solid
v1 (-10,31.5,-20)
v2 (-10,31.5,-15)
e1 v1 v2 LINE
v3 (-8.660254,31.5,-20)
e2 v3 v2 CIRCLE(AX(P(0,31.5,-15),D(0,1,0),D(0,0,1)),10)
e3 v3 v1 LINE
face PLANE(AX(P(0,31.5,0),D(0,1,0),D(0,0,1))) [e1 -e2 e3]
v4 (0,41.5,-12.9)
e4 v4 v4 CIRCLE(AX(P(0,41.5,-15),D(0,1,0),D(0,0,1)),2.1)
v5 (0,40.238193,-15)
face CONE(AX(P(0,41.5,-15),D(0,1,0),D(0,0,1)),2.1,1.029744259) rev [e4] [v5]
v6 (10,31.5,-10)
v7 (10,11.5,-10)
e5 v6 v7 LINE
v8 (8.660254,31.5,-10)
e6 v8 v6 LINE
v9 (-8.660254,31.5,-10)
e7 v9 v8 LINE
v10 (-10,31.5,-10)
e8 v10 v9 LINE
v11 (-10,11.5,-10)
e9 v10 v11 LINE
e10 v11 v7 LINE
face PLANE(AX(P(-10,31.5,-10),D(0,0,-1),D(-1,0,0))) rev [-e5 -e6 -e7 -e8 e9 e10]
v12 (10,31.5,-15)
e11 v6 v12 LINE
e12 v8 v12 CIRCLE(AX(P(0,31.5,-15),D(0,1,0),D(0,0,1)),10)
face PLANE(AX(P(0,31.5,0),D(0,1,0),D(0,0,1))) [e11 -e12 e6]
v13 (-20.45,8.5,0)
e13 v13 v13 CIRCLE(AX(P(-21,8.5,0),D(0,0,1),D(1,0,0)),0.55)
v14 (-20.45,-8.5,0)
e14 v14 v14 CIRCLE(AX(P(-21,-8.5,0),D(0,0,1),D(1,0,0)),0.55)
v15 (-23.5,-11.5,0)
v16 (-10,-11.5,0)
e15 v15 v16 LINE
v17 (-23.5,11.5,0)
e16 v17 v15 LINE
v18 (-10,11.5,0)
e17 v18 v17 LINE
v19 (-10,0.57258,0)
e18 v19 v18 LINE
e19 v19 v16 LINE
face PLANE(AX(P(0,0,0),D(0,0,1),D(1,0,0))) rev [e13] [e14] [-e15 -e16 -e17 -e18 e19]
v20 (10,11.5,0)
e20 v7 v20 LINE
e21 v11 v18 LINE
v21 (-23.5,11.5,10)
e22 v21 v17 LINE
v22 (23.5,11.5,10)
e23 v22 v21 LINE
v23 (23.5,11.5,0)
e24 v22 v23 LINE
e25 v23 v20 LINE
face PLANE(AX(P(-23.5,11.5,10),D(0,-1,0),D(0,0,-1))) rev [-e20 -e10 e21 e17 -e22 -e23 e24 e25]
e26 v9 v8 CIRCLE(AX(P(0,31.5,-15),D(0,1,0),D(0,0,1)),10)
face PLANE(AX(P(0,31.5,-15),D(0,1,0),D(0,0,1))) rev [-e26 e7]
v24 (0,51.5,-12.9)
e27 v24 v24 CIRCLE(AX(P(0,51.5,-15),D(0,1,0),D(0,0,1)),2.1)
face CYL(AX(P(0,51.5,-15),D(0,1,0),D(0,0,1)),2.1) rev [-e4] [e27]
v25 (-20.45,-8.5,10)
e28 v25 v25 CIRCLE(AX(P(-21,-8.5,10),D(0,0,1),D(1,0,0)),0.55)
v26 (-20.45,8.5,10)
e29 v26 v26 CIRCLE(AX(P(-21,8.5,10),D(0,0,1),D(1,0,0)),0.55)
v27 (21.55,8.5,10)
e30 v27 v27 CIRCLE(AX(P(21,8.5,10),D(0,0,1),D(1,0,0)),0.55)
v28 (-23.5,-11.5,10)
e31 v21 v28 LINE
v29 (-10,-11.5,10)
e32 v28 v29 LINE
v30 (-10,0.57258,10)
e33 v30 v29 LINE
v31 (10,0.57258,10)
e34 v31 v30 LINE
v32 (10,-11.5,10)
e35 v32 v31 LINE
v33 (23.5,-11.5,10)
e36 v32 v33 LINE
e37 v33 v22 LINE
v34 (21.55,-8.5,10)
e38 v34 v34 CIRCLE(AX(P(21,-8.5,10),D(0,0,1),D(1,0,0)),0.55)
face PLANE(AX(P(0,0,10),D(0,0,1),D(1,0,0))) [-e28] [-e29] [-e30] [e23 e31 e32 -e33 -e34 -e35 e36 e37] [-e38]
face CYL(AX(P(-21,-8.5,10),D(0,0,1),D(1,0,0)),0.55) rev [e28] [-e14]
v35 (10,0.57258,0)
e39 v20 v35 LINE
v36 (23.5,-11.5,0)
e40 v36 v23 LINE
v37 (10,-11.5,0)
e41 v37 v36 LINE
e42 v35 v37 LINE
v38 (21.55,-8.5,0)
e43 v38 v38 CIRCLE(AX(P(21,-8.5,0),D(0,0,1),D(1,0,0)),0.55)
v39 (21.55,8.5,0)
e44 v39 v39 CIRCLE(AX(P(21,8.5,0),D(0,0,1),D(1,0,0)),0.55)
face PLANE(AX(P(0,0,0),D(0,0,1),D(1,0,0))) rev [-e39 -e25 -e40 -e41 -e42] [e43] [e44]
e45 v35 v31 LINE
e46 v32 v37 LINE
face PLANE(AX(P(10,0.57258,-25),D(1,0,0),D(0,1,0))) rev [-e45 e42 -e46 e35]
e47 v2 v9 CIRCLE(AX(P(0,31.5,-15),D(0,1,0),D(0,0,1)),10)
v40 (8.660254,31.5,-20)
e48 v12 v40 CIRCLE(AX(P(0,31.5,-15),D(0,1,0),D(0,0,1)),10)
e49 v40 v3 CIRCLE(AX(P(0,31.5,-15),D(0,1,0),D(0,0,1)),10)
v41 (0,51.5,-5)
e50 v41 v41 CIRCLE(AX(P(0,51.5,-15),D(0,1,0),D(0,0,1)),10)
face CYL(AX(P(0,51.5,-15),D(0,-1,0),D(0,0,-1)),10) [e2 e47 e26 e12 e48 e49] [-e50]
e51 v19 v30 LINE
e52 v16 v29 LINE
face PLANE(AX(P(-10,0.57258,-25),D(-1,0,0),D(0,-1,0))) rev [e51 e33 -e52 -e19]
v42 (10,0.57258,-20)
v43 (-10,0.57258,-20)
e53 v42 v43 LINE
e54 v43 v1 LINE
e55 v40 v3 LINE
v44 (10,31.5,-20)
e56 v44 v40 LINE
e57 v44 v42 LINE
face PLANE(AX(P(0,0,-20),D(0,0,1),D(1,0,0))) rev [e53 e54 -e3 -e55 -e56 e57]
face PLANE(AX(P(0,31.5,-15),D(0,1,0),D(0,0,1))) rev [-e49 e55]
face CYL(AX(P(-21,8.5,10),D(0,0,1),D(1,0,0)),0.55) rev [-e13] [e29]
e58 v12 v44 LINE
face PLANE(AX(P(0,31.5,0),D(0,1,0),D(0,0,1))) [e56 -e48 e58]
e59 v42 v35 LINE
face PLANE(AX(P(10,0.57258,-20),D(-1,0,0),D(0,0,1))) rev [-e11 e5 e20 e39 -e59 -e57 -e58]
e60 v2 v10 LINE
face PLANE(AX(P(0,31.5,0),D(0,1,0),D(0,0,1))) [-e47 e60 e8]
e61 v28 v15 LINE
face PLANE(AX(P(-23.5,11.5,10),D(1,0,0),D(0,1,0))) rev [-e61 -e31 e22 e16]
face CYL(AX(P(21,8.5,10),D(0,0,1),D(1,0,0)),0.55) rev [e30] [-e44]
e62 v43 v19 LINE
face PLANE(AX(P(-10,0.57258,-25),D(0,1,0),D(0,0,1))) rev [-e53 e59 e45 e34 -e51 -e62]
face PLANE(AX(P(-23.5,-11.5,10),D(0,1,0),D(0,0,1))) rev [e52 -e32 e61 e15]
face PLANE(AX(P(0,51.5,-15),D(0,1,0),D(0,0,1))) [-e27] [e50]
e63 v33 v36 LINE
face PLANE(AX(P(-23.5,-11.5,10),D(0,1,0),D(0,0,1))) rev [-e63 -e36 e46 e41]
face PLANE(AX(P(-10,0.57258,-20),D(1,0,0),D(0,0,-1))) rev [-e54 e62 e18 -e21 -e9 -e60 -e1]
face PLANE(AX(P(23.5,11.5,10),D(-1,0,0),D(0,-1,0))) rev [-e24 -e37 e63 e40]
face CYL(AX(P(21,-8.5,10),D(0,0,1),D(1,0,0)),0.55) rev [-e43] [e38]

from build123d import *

# Parameters (mm, degrees)
ESQUISSE1_W               = 47
ESQUISSE1_H               = 23
BOSS_EXTRU_1_DEPTH        = 10
TROU_TARAUD_M1_4X0_32_D   = 1.1
ESQUISSE5_W               = 20
ESQUISSE5_H               = 15
ENL_V_MAT_EXTRU_1_DEPTH   = 10
ESQUISSE6_W               = 20
ESQUISSE6_H               = 10.927419914
BOSS_EXTRU_2_DEPTH        = 20
ESQUISSE9_W               = 20
ESQUISSE9_H               = 10
BOSS_EXTRU_5_DEPTH        = 20
ESQUISSE10_R              = 10
BOSS_EXTRU_6_DEPTH        = 20
TROU_TARAUD_M5X0_81_D     = 4.2
TROU_TARAUD_M5X0_81_DEPTH = 10
TROU_TARAUD_M5X0_81_TIP   = 1.2618073


with BuildPart() as part:
    # Esquisse1 → Boss.-Extru.1 (new body)
    with BuildSketch(Plane.XY):
        Rectangle(ESQUISSE1_W, ESQUISSE1_H)
    extrude(amount=BOSS_EXTRU_1_DEPTH)

    # Trou taraudé M1.4x0.32 (through all)
    with Locations(Plane(origin=(-21, 8.5, 10), x_dir=(1, 0, 0), z_dir=(0, 0, 1))):
        with Locations((0, 0), (0, -17), (42, -17), (42, 0)):
            Hole(TROU_TARAUD_M1_4X0_32_D / 2)

    # Esquisse5 → Enlèv. mat.-Extru.1 (cut)
    with BuildSketch(Plane.XY.offset(10)):
        with Locations((0, -6.927419914)):
            Rectangle(ESQUISSE5_W, ESQUISSE5_H)
    extrude(amount=-ENL_V_MAT_EXTRU_1_DEPTH, mode=Mode.SUBTRACT)

    # Esquisse6 → Boss.-Extru.2 (add)
    with BuildSketch(Plane(origin=(0, 0, 0), x_dir=(-1, 0, 0), z_dir=(0, 0, -1))):
        with Locations((0, 6.036290043)):
            Rectangle(ESQUISSE6_W, ESQUISSE6_H)
    extrude(amount=BOSS_EXTRU_2_DEPTH)

    # Esquisse9 → Boss.-Extru.5 (add)
    with BuildSketch(Plane(origin=(0, 11.5, 0), x_dir=(1, 0, 0), z_dir=(0, 1, 0))):
        with Locations((0, 15)):
            Rectangle(ESQUISSE9_W, ESQUISSE9_H)
    extrude(amount=BOSS_EXTRU_5_DEPTH)

    # Esquisse10 → Boss.-Extru.6 (add)
    with BuildSketch(Plane(origin=(0, 31.5, 0), x_dir=(1, 0, 0), z_dir=(0, 1, 0))):
        with Locations(Location((0, 15, 0), (0, 0, 30))):
            Circle(ESQUISSE10_R)
    extrude(amount=BOSS_EXTRU_6_DEPTH)

    # Trou taraudé M5x0.81
    with Locations(Plane(origin=(0, 51.5, -15), x_dir=(0, 0, 1), z_dir=(0, 1, 0))):
        with Locations((0, 0)):
            Hole(TROU_TARAUD_M5X0_81_D / 2, depth=TROU_TARAUD_M5X0_81_DEPTH)
            with Locations((0, 0, -(TROU_TARAUD_M5X0_81_DEPTH + TROU_TARAUD_M5X0_81_TIP / 2))):  # 118° drill point
                Cone(0, TROU_TARAUD_M5X0_81_D / 2, TROU_TARAUD_M5X0_81_TIP, mode=Mode.SUBTRACT)


solid = part.part
